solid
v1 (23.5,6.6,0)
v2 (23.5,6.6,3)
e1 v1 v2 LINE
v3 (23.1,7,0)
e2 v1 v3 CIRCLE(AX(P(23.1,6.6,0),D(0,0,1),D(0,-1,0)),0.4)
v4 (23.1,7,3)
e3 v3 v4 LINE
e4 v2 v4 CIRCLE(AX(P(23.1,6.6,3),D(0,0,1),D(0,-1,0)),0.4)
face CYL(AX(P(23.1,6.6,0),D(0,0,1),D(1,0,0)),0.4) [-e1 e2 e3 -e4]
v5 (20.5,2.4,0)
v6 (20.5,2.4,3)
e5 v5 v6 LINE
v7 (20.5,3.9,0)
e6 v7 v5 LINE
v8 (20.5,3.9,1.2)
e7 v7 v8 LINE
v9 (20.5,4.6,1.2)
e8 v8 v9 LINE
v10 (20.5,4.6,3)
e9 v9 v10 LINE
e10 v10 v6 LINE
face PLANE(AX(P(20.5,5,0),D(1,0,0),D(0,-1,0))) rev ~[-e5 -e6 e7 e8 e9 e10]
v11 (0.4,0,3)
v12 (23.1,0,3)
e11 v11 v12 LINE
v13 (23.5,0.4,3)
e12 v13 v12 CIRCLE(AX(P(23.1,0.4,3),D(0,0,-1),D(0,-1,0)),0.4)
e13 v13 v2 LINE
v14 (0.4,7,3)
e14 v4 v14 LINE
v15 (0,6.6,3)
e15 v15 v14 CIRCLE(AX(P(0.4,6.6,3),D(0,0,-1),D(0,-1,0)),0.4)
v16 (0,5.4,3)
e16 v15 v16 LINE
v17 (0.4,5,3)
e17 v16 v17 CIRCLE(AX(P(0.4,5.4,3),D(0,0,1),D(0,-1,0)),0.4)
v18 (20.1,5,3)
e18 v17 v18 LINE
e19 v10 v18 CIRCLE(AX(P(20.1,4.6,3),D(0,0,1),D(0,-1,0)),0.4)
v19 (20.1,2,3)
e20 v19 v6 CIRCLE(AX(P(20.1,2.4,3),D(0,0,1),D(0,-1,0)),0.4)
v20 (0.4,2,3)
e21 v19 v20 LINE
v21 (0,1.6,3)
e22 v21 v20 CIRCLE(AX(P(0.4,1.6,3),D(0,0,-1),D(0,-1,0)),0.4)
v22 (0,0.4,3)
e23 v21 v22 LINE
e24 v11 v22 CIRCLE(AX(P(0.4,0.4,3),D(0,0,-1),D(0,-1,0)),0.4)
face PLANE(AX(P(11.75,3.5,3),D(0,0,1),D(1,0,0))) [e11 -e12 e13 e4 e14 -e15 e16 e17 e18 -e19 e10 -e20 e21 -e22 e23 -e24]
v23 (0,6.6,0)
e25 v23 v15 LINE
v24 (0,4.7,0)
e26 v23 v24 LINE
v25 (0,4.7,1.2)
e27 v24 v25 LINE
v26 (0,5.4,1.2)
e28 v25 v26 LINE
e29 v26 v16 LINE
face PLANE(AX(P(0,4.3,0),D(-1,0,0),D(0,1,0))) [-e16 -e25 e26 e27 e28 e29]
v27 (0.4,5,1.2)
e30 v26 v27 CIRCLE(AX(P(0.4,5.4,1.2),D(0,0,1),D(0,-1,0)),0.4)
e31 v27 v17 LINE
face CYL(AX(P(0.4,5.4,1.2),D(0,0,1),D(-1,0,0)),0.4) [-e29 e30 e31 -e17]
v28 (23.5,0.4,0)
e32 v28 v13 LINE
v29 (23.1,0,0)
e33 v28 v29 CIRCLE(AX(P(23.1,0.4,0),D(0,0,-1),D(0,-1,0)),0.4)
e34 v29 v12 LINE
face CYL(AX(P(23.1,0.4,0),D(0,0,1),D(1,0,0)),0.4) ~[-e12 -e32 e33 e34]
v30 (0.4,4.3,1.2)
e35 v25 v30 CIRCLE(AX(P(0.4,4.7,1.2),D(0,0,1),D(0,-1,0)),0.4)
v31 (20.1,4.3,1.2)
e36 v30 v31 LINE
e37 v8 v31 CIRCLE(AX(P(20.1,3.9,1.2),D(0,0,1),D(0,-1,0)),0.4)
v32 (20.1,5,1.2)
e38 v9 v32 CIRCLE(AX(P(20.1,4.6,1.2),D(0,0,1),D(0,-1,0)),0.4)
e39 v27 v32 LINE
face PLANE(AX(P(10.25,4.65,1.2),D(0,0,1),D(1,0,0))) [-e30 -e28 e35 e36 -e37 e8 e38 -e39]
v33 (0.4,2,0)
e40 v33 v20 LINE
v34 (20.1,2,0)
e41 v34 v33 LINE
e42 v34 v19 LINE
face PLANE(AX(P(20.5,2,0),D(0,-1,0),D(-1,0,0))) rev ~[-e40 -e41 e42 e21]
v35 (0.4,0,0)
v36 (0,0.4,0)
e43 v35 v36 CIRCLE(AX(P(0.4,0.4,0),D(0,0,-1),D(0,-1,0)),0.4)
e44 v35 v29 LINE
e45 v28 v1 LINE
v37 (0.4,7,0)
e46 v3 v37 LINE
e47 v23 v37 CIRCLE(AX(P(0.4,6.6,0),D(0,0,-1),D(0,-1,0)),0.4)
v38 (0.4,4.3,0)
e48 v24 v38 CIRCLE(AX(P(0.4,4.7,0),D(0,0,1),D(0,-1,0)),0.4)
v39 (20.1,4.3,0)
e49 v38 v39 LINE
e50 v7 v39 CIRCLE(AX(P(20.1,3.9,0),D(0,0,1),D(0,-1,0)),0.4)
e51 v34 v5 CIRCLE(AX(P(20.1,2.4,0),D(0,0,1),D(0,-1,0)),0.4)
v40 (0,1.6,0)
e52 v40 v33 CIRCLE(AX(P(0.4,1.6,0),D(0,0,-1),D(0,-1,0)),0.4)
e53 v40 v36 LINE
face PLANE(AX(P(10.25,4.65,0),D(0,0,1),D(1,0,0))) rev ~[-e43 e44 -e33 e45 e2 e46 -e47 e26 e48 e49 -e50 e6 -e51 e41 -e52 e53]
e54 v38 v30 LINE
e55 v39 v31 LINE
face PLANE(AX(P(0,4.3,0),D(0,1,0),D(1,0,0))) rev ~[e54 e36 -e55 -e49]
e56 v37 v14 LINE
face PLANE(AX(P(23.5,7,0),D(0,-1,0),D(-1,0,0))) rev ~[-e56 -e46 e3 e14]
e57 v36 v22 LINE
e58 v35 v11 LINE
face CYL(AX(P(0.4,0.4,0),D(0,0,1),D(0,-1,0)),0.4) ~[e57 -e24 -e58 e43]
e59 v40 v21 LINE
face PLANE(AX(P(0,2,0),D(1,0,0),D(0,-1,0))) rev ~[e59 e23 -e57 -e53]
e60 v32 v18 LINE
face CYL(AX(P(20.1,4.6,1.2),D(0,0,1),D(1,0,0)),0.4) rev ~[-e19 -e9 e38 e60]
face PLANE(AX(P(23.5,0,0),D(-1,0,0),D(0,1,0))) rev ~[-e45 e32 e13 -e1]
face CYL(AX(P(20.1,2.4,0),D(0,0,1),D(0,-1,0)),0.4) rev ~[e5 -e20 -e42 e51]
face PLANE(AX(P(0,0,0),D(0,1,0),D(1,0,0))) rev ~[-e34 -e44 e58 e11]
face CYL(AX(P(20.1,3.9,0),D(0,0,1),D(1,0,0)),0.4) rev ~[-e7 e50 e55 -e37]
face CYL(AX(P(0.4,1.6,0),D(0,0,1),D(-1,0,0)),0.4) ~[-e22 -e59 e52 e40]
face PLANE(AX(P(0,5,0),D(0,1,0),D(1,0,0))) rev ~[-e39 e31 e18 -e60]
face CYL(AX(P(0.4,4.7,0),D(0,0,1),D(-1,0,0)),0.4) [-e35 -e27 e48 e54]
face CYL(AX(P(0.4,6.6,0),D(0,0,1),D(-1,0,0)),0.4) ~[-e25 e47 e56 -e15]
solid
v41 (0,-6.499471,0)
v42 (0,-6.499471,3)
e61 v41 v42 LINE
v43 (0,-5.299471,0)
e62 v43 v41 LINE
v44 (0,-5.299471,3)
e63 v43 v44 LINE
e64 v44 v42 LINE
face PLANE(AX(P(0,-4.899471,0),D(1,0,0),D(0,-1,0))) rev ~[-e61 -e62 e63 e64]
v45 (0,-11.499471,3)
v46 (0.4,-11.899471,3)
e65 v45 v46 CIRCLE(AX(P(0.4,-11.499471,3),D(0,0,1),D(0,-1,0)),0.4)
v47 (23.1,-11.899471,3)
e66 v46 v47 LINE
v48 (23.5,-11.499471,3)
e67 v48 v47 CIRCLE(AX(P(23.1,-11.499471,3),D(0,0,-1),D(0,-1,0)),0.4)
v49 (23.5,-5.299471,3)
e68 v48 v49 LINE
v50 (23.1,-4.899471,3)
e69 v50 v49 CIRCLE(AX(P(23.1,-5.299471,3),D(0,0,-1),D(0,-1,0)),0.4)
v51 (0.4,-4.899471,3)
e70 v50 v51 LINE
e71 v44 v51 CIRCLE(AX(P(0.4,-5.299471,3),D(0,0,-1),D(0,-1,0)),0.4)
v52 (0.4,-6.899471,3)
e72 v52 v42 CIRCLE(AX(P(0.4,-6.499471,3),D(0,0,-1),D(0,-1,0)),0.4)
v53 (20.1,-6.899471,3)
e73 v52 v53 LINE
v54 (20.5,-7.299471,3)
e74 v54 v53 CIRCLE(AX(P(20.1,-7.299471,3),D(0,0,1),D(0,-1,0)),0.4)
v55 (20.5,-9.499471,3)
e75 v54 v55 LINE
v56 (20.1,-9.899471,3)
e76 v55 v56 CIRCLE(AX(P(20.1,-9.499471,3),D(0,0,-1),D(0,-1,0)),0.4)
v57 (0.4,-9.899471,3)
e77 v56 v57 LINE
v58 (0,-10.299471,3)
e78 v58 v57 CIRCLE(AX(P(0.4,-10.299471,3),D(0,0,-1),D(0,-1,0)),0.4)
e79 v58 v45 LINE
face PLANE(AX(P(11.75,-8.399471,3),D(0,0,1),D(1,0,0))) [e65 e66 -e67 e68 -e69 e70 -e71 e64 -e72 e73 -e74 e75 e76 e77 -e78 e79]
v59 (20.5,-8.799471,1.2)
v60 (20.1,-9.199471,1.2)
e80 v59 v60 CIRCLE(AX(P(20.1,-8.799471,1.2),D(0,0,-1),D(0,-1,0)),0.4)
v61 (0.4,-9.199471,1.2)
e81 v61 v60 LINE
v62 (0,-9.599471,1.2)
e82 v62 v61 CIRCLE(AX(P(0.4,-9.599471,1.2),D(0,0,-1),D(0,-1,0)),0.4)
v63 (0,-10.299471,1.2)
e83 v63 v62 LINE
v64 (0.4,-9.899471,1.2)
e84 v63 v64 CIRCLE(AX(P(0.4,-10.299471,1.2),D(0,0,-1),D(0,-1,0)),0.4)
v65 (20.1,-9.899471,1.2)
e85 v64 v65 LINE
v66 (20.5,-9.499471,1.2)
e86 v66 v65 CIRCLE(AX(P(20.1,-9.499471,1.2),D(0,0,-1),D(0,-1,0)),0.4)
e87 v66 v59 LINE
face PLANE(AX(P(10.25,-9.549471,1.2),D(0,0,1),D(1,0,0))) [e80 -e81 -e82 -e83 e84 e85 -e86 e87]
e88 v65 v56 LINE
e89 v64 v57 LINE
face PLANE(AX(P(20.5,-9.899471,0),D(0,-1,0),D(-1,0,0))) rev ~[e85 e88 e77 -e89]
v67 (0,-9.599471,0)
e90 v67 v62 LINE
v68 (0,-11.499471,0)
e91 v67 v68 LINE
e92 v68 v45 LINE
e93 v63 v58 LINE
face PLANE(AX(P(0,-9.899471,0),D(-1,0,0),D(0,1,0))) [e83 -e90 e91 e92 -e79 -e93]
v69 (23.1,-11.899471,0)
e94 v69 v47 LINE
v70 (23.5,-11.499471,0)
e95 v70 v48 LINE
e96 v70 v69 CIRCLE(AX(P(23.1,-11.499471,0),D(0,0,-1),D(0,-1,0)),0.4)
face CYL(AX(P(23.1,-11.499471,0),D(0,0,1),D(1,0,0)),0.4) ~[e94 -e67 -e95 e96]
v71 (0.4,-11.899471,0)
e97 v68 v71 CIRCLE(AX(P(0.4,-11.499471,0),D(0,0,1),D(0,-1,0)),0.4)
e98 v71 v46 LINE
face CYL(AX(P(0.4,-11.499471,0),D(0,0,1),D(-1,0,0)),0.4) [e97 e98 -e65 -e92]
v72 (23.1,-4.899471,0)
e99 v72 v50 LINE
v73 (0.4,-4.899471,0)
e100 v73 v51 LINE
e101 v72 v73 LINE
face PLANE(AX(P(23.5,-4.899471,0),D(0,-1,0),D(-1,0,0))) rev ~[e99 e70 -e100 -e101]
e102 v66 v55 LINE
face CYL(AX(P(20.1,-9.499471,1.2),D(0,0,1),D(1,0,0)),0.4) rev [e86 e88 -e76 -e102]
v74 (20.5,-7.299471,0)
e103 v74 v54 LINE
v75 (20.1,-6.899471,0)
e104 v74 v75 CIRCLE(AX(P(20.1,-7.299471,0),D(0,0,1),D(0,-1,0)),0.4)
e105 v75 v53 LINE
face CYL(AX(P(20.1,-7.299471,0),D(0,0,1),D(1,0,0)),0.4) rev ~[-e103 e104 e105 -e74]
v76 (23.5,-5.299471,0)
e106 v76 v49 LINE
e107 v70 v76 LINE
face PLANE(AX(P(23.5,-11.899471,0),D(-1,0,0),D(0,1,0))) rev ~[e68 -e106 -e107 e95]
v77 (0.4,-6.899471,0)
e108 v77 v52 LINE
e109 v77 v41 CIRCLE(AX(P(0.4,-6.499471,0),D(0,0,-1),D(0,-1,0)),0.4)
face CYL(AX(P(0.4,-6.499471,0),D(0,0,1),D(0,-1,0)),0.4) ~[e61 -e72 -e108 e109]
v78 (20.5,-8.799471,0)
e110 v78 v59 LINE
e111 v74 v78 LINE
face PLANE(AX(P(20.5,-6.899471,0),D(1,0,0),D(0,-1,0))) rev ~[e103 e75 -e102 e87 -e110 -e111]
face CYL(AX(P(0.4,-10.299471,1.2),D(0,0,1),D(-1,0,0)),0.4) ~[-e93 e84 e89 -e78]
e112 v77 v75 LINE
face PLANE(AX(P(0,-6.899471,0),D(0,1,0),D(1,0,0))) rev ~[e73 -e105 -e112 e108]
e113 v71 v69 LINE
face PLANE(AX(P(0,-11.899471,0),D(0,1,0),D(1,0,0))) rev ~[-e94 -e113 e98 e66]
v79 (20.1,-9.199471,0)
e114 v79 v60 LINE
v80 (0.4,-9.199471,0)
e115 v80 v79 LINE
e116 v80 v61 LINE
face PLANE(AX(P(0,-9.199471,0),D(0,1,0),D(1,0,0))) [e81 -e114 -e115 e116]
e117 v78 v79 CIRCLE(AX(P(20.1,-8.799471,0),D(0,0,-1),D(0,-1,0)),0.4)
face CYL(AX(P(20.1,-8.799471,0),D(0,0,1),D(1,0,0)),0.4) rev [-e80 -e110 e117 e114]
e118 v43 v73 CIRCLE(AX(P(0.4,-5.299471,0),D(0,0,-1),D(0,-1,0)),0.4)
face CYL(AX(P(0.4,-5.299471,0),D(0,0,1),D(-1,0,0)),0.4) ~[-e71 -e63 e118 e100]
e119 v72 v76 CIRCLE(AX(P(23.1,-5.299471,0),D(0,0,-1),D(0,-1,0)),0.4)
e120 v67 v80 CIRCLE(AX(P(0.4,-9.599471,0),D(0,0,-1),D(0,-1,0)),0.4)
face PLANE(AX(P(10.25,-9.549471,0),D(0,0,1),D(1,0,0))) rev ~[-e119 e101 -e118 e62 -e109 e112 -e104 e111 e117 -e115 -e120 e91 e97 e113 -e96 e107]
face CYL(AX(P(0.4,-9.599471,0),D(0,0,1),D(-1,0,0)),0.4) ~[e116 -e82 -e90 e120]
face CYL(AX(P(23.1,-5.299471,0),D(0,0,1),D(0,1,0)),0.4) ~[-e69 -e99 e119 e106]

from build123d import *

# Parameters (mm, degrees)
BOSS_EXTRUDE1_DEPTH   = 3
BOSS_EXTRUDE1_2_DEPTH = 3
SKETCH2_4_W           = 20.5
SKETCH2_4_H           = 0.7
BOSS_EXTRUDE3_DEPTH   = 1.2
FILLET2_R             = 0.4
FILLET3_R             = 0.4


with BuildPart() as part:
    # Sketch2 → Boss-Extrude1 (new body)
    with BuildSketch(Plane.XY):
        Polygon((0, 2), (0, 0), (23.5, 0), (23.5, 7), (0, 7), (0, 5), (20.5, 5), (20.5, 2), align=None)
    extrude(amount=BOSS_EXTRUDE1_DEPTH)



with BuildPart() as body_2:
    # Sketch2 → Boss-Extrude1 2 (new body)
    with BuildSketch(Plane.XY):
        Polygon((20.5, -6.899471306), (20.5, -9.899471306), (0, -9.899471306), (0, -11.899471306), (23.5, -11.899471306), (23.5, -4.899471306), (0, -4.899471306), (0, -6.899471306), align=None)
    extrude(amount=BOSS_EXTRUDE1_2_DEPTH)


with BuildPart() as part_1:
    add(part.part)

    add(body_2.part)  # Boss-Extrude3 merges body 2
    # Sketch2<4> → Boss-Extrude3 (add)
    with BuildSketch(Plane.XY):
        with Locations((10.25, 4.65)):
            Rectangle(SKETCH2_4_W, SKETCH2_4_H)
        with Locations((10.25, -9.549471306)):
            Rectangle(SKETCH2_4_W, SKETCH2_4_H)
    extrude(amount=BOSS_EXTRUDE3_DEPTH)

    # Fillet2
    fillet2_edges = [part_1.edges().sort_by_distance(p)[0] for p in [
        (0, 5, 2.1),
        (20.5, 2, 1.5),
        (20.5, 4.3, 0.6),
        (20.5, 5, 2.1),
        (23.5, 7, 1.5),
        (23.5, 0, 1.5),
        (0, 0, 1.5),
        (0, 2, 1.5),
        (0, 4.3, 0.6),
        (0, 7, 1.5),
    ]]
    fillet(fillet2_edges, radius=FILLET2_R)

    # Fillet3
    fillet3_edges = [part_1.edges().sort_by_distance(p)[0] for p in [
        (23.5, -11.899471306, 1.5),
        (23.5, -4.899471306, 1.5),
        (20.5, -6.899471306, 1.5),
        (20.5, -9.899471306, 2.1),
        (20.5, -9.199471306, 0.6),
        (0, -11.899471306, 1.5),
        (0, -9.899471306, 2.1),
        (0, -9.199471306, 0.6),
        (0, -4.899471306, 1.5),
        (0, -6.899471306, 1.5),
    ]]
    fillet(fillet3_edges, radius=FILLET3_R)


solid = part_1.part
